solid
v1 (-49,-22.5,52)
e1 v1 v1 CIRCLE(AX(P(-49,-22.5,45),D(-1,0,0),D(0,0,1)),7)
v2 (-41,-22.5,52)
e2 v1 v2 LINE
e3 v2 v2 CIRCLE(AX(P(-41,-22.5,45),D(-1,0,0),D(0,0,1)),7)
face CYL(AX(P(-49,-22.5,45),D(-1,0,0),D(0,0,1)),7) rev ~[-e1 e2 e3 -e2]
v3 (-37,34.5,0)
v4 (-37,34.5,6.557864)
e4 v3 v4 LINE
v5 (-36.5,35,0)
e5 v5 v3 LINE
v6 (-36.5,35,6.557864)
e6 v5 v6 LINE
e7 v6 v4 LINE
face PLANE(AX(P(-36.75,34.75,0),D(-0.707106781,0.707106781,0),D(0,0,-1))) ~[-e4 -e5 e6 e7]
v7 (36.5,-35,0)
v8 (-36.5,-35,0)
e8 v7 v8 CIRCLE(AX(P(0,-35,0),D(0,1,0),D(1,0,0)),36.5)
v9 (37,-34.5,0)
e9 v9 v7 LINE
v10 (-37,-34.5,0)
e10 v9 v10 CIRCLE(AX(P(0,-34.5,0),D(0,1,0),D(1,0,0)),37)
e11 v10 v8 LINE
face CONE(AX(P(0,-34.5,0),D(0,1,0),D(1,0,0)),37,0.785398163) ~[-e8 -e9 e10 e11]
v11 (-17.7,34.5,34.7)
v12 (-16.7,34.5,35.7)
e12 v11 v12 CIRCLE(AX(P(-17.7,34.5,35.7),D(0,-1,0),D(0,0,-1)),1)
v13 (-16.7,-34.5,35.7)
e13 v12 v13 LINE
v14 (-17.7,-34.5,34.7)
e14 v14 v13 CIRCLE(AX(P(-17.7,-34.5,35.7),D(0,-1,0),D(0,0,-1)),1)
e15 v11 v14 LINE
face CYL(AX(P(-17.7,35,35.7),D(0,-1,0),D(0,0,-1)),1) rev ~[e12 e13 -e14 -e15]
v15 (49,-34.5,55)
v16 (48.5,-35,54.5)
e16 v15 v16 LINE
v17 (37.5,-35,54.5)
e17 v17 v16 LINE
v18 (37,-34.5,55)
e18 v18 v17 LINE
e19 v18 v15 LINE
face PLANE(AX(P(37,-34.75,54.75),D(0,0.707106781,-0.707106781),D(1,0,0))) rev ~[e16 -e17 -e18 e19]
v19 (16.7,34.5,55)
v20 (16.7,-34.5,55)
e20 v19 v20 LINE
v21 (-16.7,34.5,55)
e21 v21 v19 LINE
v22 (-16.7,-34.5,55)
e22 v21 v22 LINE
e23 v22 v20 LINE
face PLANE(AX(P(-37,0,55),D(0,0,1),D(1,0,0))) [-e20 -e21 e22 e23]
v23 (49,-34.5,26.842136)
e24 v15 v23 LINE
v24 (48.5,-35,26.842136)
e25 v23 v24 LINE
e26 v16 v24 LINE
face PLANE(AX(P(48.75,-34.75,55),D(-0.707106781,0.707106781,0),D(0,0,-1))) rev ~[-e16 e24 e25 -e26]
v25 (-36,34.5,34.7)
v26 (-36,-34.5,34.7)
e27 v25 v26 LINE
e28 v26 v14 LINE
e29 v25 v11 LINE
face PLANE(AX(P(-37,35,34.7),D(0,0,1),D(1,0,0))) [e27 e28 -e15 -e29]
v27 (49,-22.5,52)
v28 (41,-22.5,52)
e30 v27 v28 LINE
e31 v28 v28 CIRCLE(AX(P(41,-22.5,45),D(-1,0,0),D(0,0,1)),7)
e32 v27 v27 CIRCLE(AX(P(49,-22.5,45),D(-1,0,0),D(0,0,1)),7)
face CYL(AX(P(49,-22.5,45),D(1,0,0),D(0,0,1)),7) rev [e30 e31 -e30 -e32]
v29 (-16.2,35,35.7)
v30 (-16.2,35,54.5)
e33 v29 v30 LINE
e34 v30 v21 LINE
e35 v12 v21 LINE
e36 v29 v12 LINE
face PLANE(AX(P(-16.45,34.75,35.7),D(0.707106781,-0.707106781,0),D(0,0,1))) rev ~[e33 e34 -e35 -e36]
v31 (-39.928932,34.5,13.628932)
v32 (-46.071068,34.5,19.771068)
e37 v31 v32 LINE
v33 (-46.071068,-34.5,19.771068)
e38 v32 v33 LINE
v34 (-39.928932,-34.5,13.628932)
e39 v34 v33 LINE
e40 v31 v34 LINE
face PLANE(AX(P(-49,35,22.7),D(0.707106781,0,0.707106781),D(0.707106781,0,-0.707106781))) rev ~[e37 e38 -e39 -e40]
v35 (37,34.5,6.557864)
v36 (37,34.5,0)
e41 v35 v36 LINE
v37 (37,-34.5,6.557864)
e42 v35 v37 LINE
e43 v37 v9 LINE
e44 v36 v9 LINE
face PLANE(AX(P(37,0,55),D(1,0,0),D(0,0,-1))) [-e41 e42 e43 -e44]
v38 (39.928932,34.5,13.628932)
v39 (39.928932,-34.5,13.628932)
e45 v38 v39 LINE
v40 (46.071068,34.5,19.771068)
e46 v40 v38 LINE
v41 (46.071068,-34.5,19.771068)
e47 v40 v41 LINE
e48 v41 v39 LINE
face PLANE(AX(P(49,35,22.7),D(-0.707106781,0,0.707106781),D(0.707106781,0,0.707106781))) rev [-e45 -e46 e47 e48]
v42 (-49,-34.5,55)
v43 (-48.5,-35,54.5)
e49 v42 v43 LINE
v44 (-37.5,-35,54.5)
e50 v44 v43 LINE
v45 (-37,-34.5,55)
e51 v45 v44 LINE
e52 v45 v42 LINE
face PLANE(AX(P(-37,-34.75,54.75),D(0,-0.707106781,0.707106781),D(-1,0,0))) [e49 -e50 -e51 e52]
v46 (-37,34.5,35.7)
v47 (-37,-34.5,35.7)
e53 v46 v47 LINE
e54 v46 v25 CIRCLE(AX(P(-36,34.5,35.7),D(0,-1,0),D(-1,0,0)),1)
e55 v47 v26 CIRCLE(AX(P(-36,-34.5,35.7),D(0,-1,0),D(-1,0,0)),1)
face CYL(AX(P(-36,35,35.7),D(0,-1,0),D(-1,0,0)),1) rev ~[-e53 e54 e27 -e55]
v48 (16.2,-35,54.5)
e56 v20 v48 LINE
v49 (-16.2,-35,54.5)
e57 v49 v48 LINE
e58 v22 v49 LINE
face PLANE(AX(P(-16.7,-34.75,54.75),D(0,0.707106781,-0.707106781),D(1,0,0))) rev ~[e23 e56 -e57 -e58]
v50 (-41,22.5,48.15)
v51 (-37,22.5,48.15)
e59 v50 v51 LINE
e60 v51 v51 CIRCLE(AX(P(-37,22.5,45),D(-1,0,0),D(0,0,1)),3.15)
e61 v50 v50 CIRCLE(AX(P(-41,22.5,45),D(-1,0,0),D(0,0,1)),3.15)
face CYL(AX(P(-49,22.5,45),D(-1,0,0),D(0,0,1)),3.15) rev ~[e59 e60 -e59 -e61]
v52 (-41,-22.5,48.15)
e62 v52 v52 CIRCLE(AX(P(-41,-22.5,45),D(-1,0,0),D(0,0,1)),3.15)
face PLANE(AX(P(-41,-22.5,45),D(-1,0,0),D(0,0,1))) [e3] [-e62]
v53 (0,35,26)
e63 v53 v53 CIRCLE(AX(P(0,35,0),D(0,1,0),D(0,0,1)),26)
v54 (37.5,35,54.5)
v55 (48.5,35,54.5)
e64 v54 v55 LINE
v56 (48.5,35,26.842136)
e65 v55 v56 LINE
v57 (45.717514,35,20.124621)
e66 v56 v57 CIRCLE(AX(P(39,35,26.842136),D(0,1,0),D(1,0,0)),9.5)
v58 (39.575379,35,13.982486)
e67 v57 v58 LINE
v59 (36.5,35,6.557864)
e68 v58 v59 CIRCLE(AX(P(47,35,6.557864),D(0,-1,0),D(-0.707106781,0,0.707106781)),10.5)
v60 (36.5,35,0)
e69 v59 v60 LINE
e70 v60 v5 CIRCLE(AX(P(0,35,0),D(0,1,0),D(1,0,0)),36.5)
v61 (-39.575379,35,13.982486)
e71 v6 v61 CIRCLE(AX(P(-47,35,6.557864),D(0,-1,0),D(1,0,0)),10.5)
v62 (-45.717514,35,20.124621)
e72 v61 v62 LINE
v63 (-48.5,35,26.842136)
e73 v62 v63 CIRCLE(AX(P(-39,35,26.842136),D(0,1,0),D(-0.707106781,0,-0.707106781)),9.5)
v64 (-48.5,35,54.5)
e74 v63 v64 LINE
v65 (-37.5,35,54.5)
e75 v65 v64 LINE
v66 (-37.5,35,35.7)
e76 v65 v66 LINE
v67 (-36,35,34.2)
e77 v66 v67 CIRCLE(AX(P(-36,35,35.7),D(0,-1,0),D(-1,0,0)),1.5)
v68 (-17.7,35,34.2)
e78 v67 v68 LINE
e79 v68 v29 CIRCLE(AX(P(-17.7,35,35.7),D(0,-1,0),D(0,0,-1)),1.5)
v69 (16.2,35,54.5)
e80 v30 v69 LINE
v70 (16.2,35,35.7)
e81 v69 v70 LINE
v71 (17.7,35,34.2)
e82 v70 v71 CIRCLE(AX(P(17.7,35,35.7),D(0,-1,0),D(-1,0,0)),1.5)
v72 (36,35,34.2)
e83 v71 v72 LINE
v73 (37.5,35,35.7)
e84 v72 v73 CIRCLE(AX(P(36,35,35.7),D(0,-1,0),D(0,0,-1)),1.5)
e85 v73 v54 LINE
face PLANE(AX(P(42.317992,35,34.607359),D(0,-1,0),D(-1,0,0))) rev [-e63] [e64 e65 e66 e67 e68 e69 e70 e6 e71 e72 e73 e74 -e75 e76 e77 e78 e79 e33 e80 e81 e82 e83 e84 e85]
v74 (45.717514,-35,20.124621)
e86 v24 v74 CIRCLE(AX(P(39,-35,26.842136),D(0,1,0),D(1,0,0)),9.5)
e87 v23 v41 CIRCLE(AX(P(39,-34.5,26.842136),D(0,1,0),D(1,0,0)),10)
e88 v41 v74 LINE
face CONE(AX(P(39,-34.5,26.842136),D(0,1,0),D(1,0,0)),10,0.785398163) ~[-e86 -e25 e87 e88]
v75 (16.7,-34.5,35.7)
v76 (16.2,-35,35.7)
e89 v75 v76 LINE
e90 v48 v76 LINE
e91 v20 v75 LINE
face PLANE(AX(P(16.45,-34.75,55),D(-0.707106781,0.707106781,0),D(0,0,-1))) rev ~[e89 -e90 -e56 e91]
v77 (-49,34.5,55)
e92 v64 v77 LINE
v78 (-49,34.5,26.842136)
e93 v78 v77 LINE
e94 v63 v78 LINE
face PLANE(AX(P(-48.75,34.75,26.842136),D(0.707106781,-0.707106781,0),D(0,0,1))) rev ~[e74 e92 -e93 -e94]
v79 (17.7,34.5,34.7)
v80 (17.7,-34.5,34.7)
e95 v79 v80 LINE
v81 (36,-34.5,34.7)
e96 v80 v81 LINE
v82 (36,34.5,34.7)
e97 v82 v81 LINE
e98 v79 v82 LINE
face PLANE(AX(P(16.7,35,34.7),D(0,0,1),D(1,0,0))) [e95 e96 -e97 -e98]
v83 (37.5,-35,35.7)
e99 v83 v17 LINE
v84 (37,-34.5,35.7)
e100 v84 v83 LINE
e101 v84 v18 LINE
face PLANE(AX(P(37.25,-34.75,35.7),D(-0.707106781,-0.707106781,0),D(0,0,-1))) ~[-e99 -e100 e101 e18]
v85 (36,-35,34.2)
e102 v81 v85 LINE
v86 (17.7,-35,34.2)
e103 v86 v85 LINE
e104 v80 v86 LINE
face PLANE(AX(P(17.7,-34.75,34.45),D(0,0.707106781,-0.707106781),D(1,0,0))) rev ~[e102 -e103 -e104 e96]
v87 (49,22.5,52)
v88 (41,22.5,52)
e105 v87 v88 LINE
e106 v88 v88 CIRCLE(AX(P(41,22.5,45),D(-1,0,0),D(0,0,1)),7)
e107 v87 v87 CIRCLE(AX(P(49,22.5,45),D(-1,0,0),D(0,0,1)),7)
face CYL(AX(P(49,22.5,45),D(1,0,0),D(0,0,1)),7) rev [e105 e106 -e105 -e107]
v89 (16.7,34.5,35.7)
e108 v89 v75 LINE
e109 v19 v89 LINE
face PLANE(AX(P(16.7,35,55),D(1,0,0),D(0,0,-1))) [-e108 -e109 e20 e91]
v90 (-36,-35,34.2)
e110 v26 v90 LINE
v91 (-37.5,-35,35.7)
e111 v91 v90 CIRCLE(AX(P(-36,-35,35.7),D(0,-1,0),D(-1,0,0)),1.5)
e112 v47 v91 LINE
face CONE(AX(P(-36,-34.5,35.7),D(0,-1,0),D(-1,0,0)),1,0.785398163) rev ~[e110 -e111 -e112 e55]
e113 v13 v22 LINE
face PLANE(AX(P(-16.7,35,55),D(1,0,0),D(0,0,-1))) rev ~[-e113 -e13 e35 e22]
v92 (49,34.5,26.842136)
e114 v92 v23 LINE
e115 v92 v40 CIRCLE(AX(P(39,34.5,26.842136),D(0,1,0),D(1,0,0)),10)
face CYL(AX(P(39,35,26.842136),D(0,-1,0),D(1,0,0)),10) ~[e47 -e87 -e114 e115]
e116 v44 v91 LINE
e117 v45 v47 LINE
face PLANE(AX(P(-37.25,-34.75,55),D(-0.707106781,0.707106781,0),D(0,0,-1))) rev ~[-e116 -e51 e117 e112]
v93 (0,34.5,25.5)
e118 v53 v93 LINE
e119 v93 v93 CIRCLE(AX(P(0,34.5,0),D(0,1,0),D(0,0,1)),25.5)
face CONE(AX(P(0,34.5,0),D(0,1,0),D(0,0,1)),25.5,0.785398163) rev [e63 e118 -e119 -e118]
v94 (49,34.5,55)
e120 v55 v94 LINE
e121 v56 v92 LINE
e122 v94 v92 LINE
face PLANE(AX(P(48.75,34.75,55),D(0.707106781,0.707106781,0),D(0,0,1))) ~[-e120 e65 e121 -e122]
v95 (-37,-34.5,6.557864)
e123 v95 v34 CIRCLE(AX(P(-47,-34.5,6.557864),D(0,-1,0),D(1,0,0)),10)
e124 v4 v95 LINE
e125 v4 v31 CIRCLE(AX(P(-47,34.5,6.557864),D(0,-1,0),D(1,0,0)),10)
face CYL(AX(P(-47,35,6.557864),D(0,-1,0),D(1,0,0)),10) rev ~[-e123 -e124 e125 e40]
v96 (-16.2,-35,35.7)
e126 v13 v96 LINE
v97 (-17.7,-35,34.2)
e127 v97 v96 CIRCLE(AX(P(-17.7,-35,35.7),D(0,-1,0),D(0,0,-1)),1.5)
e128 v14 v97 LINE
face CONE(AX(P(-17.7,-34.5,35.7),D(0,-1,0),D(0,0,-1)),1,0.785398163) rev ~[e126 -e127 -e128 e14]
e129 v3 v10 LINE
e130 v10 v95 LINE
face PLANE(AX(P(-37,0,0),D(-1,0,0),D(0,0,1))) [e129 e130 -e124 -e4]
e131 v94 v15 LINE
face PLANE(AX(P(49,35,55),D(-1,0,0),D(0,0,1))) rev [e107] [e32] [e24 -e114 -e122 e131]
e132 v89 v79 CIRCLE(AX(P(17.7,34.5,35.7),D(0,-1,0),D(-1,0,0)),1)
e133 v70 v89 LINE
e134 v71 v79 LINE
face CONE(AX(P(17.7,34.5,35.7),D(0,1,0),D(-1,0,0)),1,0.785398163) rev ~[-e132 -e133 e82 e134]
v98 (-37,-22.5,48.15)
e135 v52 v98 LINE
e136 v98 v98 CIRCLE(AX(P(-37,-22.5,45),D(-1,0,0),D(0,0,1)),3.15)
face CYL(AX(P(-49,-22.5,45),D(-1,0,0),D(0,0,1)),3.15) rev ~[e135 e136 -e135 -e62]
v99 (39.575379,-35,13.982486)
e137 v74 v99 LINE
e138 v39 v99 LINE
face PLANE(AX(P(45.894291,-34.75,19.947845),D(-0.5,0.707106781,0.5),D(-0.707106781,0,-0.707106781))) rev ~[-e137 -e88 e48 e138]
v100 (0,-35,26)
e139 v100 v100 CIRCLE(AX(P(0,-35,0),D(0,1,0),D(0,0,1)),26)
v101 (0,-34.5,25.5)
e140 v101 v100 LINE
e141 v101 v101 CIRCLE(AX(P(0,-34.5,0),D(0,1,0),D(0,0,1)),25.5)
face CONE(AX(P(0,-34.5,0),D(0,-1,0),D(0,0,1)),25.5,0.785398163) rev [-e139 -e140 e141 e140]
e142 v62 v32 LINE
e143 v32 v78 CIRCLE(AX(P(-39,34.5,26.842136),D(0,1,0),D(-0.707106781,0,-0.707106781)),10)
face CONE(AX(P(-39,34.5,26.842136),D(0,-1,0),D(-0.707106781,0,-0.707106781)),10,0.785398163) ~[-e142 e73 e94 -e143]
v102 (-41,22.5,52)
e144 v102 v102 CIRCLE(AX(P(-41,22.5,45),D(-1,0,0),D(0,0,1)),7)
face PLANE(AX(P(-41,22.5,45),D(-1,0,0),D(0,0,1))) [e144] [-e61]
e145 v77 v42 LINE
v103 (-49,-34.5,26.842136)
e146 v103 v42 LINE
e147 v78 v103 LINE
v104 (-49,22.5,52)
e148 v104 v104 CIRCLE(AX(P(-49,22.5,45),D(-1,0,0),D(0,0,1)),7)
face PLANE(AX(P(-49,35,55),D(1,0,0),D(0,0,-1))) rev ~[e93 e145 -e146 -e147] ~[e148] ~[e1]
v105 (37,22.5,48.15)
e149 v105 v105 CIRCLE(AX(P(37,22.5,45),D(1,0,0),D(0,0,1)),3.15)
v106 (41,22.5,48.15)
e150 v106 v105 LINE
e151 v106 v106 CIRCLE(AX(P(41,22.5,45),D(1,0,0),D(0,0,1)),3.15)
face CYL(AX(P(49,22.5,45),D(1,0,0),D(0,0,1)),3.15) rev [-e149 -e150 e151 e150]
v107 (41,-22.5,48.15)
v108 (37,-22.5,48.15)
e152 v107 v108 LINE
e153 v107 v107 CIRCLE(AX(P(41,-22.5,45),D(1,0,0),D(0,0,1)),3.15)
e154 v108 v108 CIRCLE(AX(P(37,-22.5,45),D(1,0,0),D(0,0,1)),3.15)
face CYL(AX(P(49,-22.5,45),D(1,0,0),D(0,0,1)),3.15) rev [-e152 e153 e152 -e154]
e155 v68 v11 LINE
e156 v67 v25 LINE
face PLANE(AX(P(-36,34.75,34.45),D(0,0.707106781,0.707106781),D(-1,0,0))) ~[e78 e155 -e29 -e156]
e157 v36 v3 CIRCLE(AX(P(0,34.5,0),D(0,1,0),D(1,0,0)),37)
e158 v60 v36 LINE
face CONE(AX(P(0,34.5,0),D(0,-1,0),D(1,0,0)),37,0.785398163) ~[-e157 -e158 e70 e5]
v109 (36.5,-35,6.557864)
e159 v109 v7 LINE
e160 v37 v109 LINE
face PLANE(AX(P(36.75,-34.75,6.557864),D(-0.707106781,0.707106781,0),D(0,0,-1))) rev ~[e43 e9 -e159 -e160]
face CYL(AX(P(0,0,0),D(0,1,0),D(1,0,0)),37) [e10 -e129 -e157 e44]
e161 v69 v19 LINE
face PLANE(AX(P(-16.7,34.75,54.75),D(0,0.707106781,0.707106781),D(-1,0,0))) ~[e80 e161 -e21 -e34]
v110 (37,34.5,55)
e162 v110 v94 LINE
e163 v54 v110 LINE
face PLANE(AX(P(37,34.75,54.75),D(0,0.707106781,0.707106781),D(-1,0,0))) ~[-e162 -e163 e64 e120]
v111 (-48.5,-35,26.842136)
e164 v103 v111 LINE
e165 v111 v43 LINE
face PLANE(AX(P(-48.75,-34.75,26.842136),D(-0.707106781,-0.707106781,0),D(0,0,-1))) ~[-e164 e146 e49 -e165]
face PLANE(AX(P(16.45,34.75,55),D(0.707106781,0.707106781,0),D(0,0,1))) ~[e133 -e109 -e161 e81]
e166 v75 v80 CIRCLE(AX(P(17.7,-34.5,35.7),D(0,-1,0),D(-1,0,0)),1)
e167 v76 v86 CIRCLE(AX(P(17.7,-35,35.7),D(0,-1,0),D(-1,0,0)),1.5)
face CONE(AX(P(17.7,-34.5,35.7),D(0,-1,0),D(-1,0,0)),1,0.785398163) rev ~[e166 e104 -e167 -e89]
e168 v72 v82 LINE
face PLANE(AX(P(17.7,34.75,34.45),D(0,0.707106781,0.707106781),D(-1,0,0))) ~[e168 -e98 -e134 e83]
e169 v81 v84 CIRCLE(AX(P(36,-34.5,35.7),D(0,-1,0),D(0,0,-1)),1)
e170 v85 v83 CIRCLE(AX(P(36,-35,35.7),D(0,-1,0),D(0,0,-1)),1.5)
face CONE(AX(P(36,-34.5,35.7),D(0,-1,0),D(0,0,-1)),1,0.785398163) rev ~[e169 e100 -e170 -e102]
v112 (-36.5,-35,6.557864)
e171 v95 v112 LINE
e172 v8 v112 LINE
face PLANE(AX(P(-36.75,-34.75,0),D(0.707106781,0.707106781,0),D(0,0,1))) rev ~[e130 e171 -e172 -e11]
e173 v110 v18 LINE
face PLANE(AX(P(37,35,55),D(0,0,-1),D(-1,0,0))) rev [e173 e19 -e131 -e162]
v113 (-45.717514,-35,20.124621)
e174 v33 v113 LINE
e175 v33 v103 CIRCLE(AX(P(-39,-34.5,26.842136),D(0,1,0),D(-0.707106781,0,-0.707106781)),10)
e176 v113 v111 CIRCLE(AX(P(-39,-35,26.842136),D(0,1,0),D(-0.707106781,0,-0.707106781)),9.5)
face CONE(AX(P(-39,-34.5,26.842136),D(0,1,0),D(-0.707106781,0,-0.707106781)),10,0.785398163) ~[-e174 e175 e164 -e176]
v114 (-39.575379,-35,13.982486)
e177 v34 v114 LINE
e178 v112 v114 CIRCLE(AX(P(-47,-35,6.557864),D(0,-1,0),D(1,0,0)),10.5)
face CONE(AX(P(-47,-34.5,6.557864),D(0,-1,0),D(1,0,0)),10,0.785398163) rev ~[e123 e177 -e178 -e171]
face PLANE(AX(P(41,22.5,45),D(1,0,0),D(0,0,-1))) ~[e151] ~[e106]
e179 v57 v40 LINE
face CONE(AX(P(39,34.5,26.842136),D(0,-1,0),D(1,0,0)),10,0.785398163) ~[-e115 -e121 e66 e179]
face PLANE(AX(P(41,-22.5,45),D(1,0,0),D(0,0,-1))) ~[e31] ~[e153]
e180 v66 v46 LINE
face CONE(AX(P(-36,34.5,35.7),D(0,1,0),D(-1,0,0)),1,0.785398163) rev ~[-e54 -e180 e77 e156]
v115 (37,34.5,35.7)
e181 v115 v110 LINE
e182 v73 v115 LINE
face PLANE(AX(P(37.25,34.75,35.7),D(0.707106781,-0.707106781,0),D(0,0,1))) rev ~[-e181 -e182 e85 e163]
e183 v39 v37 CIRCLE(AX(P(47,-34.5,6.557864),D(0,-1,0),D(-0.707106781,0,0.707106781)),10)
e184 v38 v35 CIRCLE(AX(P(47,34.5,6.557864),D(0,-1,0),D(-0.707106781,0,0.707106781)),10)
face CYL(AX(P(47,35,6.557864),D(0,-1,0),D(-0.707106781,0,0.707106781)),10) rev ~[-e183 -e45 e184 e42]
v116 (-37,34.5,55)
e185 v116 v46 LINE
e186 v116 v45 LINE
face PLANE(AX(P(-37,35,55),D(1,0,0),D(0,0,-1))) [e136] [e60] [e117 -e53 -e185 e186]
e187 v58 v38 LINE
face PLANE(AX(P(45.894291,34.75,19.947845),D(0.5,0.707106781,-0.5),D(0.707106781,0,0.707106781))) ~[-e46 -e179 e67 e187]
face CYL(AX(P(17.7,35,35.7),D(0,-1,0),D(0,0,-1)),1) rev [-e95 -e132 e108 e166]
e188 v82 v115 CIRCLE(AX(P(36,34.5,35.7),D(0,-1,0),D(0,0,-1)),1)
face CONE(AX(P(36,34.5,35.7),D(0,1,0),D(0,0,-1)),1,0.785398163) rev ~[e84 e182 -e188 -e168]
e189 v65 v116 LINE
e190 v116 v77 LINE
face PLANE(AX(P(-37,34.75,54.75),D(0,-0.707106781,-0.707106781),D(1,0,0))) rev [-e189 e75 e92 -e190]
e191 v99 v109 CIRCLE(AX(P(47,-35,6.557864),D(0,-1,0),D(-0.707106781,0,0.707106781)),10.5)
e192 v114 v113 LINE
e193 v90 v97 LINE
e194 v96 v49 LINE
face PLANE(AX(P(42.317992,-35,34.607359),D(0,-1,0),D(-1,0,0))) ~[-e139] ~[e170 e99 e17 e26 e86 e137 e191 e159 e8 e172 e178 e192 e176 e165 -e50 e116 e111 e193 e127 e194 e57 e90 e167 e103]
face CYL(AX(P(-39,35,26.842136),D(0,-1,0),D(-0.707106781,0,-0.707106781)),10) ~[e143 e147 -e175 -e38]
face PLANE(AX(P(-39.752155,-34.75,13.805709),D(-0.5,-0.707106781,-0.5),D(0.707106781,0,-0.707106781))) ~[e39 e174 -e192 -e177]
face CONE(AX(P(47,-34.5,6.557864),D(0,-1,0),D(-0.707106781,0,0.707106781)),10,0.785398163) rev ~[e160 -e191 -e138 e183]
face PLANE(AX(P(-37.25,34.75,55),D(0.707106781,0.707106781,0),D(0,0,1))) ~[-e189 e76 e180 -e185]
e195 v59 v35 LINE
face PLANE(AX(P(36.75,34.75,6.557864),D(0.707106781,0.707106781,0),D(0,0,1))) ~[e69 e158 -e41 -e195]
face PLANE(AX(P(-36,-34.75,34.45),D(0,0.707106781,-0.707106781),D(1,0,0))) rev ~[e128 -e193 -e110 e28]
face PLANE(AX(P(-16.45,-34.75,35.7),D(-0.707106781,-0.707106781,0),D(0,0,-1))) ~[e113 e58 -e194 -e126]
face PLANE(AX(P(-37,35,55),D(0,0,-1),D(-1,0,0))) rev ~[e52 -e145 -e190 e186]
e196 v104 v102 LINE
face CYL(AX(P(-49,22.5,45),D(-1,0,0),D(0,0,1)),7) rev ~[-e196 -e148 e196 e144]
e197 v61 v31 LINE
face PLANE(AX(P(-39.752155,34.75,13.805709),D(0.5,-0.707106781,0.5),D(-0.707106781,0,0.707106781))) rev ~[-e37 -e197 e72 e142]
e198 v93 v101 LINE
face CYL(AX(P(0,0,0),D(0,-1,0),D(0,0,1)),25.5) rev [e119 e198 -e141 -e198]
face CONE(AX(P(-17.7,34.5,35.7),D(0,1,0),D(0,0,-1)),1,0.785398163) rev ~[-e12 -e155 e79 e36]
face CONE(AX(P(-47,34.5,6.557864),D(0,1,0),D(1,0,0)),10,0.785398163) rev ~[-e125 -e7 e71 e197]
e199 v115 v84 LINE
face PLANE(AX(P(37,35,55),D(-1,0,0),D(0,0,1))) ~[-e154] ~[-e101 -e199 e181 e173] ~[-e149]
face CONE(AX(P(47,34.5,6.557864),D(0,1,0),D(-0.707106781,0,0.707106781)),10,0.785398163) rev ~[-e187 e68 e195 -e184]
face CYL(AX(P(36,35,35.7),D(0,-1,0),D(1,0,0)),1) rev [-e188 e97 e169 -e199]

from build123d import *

# Parameters (mm, degrees)
SKETCH1_R           = 25.5
BOSS_EXTRUDE1_DEPTH = 35
SKETCH2_W           = 20.3
SKETCH2_H           = 20.3
CUT_EXTRUDE1_DEPTH  = 97.40539404
BOSS_EXTRUDE2_DEPTH = 70
SKETCH4_R           = 3.15
CUT_EXTRUDE2_DEPTH  = 20
SKETCH5_R           = 7
CUT_EXTRUDE3_DEPTH  = 8
FILLET1_R           = 1
FILLET2_R           = 10
CHAMFER1_SIZE       = 0.5


with BuildPart() as part:
    # Sketch1 → Boss-Extrude1 (new, symmetric)
    with BuildSketch(Plane(origin=(0, 0, 0), x_dir=(1, 0, 0), z_dir=(0, 1, 0))):
        with BuildLine():
            Line((-37, 0), (-37, -55))
            Line((-37, -55), (37, -55))
            Line((37, -55), (37, 0))
            ThreePointArc((37, 0), (0, 37), (-37, 0))
        make_face()
        with Locations(Location((0, 0, 0), (0, 0, 270))):
            Circle(SKETCH1_R, mode=Mode.SUBTRACT)
    extrude(amount=BOSS_EXTRUDE1_DEPTH, both=True)

    # Sketch2 → Cut-Extrude1 (cut, through all)
    with BuildSketch(Plane(origin=(0, 35, 0), x_dir=(1, 0, 0), z_dir=(0, 1, 0))):
        with Locations((-26.85, -44.85)):
            Rectangle(SKETCH2_W, SKETCH2_H)
        with Locations((26.85, -44.85)):
            Rectangle(SKETCH2_W, SKETCH2_H)
    extrude(amount=-CUT_EXTRUDE1_DEPTH, mode=Mode.SUBTRACT)

    # Sketch3 → Boss-Extrude2 (add)
    with BuildSketch(Plane(origin=(0, 35, 0), x_dir=(1, 0, 0), z_dir=(0, 1, 0))):
        Polygon((-37, -34.7), (-37, -55), (-49, -55), (-49, -22.7), (-37, -10.7), align=None)
    boss_extrude2 = extrude(amount=-BOSS_EXTRUDE2_DEPTH)

    # Sketch4 → Cut-Extrude2 (cut)
    with BuildSketch(Plane.ZY.offset(49)):
        with Locations((45, 22.5)):
            Circle(SKETCH4_R)
        with Locations((45, -22.5)):
            Circle(SKETCH4_R)
    cut_extrude2 = extrude(amount=-CUT_EXTRUDE2_DEPTH, mode=Mode.SUBTRACT)

    # Sketch5 → Cut-Extrude3 (cut)
    with BuildSketch(Plane.ZY.offset(49)):
        with Locations((45, 22.5)):
            Circle(SKETCH5_R)
        with Locations((45, -22.5)):
            Circle(SKETCH5_R)
    cut_extrude3 = extrude(amount=-CUT_EXTRUDE3_DEPTH, mode=Mode.SUBTRACT)

    # Mirror5: Boss-Extrude2, Cut-Extrude2, Cut-Extrude3 across plane
    add(boss_extrude2.mirror(Plane(origin=(0, 0, 0), x_dir=(0, 0, 1), z_dir=(1, 0, 0))))
    add(cut_extrude2.mirror(Plane(origin=(0, 0, 0), x_dir=(0, 0, 1), z_dir=(1, 0, 0))), mode=Mode.SUBTRACT)
    add(cut_extrude3.mirror(Plane(origin=(0, 0, 0), x_dir=(0, 0, 1), z_dir=(1, 0, 0))), mode=Mode.SUBTRACT)

    # Fillet1
    fillet1_edges = [part.edges().sort_by_distance(p)[0] for p in [
        (-37, 0, 34.7),
        (-16.7, 0, 34.7),
        (37, 0, 34.7),
        (16.7, 0, 34.7),
    ]]
    fillet(fillet1_edges, radius=FILLET1_R)

    # Fillet2
    fillet2_edges = [part.edges().sort_by_distance(p)[0] for p in [
        (-37, 0, 10.7),
        (-49, 0, 22.7),
        (49, 0, 22.7),
        (37, 0, 10.7),
    ]]
    fillet(fillet2_edges, radius=FILLET2_R)

    # Chamfer1
    chamfer1_edges = [part.edges().sort_by_distance(p)[0] for p in [
        (16.7, 35, 45.35),
        (16.7, -35, 45.35),
        (26.85, 35, 34.7),
        (26.85, -35, 34.7),
        (37, -35, 45.35),
        (-26.85, 35, 34.7),
        (-26.85, -35, 34.7),
        (0, -35, -25.5),
        (-37, -35, 45.35),
        (0, 35, -25.5),
        (16.992893219, 35, 34.992893219),
        (16.992893219, -35, 34.992893219),
        (36.707106781, 35, 34.992893219),
        (36.707106781, -35, 34.992893219),
        (-16.992893219, 35, 34.992893219),
        (-16.992893219, -35, 34.992893219),
        (-36.707106781, 35, 34.992893219),
        (-36.707106781, -35, 34.992893219),
        (49, 35, 40.921067812),
        (43, 35, 16.7),
        (37, 35, 3.278932188),
        (-43, 35, 16.7),
        (-49, 35, 40.921067812),
        (-48.238795325, 35, 23.0153013),
        (48.238795325, 35, 23.0153013),
        (43, -35, 16.7),
        (-43, -35, 16.7),
        (37, -35, 3.278932188),
        (-48.238795325, -35, 23.0153013),
        (48.238795325, -35, 23.0153013),
        (37.761204675, 35, 10.3846987),
        (37.761204675, -35, 10.3846987),
        (-37.761204675, 35, 10.3846987),
        (-37.761204675, -35, 10.3846987),
        (0, -35, 55),
        (0, 35, 55),
        (-16.7, -35, 45.35),
        (-16.7, 35, 45.35),
        (-37, 35, 45.35),
        (0, 35, -37),
        (-43, 35, 55),
        (-43, -35, 55),
        (-49, -35, 40.921067812),
        (-37, -35, 3.278932188),
        (0, -35, -37),
        (37, 35, 45.35),
        (43, -35, 55),
        (43, 35, 55),
        (49, -35, 40.921067812),
        (-37, 35, 3.278932188),
    ]]
    chamfer(chamfer1_edges, length=CHAMFER1_SIZE)


solid = part.part
